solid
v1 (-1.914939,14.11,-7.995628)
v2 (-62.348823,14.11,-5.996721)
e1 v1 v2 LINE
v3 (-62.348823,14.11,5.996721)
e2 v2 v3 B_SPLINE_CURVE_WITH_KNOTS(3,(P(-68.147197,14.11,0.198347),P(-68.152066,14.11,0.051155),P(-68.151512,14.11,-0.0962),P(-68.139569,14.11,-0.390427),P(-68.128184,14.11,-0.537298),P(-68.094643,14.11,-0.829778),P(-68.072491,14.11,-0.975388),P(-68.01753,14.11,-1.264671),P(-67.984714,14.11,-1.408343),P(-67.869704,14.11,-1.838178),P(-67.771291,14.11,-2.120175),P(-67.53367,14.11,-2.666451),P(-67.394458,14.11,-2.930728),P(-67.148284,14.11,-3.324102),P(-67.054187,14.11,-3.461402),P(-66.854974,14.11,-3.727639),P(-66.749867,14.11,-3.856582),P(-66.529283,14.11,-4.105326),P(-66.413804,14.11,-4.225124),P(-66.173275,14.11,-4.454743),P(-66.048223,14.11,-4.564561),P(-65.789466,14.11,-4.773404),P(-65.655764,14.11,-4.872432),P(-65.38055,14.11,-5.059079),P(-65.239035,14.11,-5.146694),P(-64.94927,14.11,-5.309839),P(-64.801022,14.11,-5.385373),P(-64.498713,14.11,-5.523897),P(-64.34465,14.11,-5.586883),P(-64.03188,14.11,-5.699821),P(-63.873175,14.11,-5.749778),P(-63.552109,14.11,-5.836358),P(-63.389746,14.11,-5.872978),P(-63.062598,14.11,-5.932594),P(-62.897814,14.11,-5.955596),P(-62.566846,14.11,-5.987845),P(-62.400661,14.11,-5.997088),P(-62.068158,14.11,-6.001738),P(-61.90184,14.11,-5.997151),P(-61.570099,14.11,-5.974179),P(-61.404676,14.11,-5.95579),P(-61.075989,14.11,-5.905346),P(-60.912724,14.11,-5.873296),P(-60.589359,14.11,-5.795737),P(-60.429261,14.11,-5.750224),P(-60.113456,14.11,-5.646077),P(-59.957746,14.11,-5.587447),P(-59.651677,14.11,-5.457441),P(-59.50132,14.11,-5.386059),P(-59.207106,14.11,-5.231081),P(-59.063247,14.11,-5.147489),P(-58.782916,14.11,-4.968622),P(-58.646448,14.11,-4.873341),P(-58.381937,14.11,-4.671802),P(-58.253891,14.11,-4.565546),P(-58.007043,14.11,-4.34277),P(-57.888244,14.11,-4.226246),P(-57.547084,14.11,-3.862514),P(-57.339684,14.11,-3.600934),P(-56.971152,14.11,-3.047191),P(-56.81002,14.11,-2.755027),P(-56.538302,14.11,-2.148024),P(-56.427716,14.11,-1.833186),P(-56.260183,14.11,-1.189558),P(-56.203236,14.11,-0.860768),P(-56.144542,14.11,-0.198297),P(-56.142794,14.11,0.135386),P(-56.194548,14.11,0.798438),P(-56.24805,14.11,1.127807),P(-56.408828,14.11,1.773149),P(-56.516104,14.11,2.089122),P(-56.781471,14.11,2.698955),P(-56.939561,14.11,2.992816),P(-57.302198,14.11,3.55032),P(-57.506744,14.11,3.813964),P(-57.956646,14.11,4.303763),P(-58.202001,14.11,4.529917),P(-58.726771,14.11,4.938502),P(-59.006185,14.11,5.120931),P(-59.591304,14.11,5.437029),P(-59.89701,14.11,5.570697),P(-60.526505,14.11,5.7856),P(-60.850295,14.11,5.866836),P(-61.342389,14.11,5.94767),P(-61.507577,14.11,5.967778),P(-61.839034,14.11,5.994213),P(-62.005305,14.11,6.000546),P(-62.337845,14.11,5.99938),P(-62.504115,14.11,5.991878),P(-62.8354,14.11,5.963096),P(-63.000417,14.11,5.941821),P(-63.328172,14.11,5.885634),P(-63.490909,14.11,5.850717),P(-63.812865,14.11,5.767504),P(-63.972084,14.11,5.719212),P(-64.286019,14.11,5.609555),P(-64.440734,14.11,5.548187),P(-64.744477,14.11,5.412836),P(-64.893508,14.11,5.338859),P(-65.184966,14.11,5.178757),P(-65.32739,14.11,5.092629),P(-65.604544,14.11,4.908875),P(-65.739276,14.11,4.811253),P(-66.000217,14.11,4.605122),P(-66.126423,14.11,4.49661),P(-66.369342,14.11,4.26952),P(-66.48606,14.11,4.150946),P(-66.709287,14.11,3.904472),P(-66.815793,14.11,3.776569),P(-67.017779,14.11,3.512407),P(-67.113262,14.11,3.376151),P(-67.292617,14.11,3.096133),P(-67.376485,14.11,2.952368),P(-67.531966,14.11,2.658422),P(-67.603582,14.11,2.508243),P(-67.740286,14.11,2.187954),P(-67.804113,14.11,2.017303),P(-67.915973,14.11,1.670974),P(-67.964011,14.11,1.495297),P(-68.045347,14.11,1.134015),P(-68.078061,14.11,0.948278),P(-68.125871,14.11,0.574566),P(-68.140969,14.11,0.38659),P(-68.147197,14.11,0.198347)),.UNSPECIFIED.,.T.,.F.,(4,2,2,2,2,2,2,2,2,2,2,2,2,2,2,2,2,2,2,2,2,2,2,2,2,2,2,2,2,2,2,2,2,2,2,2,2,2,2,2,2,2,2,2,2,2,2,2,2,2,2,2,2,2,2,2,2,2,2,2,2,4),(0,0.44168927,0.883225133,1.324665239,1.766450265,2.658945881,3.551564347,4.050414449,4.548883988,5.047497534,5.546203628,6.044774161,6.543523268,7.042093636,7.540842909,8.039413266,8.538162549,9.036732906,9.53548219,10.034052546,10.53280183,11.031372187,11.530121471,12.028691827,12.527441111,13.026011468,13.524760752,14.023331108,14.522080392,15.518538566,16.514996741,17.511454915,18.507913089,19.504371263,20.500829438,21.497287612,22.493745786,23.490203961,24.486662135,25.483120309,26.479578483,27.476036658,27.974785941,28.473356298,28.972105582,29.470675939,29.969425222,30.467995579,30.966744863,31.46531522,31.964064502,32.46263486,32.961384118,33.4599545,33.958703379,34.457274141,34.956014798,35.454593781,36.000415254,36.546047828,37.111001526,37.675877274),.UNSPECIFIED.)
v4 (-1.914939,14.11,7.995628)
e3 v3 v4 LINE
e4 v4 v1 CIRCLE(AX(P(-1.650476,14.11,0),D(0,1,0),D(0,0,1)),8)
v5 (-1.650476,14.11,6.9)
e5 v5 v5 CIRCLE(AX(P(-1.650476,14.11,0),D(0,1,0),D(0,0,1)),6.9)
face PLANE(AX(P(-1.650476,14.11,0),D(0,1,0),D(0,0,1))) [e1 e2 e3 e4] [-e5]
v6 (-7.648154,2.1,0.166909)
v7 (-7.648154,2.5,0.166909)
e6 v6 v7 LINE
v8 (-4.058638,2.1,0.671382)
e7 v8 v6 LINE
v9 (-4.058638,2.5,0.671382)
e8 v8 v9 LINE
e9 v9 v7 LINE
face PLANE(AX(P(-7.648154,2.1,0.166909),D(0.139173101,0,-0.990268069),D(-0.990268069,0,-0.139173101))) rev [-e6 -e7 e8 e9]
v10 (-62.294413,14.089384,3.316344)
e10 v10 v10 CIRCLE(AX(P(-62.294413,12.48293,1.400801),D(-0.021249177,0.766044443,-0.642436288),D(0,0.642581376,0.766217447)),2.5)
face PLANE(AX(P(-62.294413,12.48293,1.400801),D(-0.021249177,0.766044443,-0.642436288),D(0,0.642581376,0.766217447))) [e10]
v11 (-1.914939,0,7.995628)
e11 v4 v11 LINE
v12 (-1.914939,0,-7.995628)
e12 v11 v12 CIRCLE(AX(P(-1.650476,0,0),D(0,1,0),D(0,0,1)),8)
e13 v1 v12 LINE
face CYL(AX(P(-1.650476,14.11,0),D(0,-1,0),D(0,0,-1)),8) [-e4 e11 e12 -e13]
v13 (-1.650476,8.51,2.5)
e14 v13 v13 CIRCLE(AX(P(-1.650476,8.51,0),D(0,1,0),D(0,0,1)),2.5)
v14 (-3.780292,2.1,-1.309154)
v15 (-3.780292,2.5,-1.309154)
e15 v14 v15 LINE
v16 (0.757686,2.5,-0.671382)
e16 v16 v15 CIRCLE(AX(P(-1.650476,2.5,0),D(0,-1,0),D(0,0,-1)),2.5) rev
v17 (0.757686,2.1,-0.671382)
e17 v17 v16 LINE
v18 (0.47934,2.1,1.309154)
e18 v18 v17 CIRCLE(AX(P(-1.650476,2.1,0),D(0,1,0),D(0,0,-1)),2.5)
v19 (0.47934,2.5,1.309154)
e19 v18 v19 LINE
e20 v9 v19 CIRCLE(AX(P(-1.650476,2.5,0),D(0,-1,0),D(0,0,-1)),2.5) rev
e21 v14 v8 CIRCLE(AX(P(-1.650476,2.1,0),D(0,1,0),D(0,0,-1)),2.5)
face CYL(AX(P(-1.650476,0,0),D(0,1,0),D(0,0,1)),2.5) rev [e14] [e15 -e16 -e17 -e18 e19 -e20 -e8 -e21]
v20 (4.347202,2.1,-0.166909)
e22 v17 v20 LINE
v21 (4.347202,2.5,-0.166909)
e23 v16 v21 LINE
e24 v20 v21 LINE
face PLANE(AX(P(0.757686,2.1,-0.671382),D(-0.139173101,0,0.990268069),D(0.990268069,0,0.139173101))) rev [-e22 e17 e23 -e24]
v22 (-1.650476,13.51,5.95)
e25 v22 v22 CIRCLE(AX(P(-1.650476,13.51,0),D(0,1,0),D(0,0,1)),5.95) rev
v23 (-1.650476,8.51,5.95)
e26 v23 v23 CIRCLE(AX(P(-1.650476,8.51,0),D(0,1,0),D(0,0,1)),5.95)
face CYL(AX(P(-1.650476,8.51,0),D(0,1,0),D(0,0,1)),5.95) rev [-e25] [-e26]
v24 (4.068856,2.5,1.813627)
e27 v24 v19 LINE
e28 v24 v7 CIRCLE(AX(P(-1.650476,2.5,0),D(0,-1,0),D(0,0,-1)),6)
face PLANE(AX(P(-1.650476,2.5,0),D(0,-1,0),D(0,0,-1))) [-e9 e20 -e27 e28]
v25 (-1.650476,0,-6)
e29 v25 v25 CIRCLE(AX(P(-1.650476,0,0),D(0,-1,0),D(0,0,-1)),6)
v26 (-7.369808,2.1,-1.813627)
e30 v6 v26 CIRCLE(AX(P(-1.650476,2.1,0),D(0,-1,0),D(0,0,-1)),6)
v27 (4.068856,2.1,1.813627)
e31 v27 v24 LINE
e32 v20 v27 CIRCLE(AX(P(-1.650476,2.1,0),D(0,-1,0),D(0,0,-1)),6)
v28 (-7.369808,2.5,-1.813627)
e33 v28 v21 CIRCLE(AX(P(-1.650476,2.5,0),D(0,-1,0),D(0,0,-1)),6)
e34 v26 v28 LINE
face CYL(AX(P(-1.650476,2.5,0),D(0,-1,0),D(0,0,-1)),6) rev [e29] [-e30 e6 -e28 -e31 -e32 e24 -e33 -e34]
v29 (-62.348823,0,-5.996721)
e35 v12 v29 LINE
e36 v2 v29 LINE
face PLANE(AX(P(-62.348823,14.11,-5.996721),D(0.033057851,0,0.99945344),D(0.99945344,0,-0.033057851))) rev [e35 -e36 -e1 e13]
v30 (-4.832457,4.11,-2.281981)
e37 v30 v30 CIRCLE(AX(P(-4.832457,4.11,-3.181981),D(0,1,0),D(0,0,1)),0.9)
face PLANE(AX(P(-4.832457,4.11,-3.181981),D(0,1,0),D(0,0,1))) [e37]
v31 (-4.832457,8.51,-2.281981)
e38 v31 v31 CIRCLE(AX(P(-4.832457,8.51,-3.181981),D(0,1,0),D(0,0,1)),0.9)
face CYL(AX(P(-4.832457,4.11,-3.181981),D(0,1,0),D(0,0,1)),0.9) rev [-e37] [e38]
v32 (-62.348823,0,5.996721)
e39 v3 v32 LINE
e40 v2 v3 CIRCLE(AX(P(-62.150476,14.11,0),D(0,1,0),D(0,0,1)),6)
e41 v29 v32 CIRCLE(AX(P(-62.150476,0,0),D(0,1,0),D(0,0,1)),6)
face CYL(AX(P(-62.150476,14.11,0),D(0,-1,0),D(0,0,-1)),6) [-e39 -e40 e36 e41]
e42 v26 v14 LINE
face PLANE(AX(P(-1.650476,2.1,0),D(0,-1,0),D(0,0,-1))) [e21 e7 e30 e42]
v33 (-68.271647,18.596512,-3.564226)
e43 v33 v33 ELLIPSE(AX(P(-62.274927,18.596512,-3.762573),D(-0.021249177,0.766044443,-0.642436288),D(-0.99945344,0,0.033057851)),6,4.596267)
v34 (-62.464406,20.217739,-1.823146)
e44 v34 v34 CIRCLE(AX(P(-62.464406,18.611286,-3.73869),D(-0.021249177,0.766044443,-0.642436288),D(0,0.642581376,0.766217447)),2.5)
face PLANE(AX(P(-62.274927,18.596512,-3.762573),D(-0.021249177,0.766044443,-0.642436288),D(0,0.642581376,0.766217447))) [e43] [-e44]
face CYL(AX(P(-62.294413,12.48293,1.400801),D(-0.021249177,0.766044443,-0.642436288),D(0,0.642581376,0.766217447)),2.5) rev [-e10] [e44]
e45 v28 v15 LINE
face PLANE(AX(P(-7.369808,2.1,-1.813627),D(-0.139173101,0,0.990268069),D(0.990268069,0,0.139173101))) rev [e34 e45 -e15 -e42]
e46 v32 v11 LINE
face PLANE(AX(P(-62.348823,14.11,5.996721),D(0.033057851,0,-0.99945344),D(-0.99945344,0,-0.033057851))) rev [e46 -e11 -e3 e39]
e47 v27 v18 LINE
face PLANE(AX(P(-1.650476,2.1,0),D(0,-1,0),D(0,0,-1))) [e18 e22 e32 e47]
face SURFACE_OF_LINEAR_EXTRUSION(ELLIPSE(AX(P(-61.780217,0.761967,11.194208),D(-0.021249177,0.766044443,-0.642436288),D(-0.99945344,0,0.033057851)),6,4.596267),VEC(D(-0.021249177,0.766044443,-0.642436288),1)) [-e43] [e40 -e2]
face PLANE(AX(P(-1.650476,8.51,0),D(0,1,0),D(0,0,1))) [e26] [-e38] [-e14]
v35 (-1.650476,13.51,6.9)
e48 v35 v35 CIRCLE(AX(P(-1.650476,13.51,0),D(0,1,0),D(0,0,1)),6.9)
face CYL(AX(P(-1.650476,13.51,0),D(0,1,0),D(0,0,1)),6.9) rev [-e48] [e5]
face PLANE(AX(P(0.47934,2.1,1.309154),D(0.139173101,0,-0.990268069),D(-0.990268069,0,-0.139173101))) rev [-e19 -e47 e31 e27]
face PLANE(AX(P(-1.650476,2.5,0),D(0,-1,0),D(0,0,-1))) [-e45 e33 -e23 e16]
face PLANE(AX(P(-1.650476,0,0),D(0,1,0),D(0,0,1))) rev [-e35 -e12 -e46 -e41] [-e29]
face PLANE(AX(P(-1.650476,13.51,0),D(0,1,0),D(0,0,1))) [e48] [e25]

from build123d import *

# Parameters (mm, degrees)
BOSS_EXTRUDE1_DEPTH = 14.11
SKETCH2_R           = 5.95
CUT_EXTRUDE1_DEPTH  = 5.6
SKETCH3_R           = 6.9
CUT_EXTRUDE2_DEPTH  = 0.6
SKETCH4_R           = 2.5
CUT_EXTRUDE3_DEPTH  = 70.144106761
SKETCH5_R           = 0.9
CUT_EXTRUDE4_DEPTH  = 4.4
SKETCH6_R           = 6
CUT_EXTRUDE6_DEPTH  = 2.5
BOSS_EXTRUDE5_DEPTH = 0.4
BOSS_EXTRUDE6_REACH = 73.866
SKETCH13_RX         = 6
SKETCH13_RY         = 4.596266659
SKETCH14_R          = 2.5
CUT_EXTRUDE8_DEPTH  = 8


with BuildPart() as part:
    # Sketch1 → Boss-Extrude1 (new body)
    with BuildSketch(Plane(origin=(0, 0, 0), x_dir=(1, 0, 0), z_dir=(0, 1, 0))):
        with BuildLine():
            Line((-62.34882326, 5.996720639), (-1.914938962, 7.995627519))
            ThreePointArc((-1.914938962, 7.995627519), (6.349523848, 0), (-1.914938962, -7.995627519))
            Line((-1.914938962, -7.995627519), (-62.34882326, -5.996720639))
            ThreePointArc((-62.34882326, -5.996720639), (-68.150476152, 0), (-62.34882326, 5.996720639))
        make_face()
    extrude(amount=BOSS_EXTRUDE1_DEPTH)

    # Sketch2 → Cut-Extrude1 (cut)
    with BuildSketch(Plane(origin=(0, 14.11, 0), x_dir=(1, 0, 0), z_dir=(0, 1, 0))):
        with Locations(Location((-1.650476152, 0, 0), (0, 0, 270))):
            Circle(SKETCH2_R)
    extrude(amount=-CUT_EXTRUDE1_DEPTH, mode=Mode.SUBTRACT)

    # Sketch3 → Cut-Extrude2 (cut)
    with BuildSketch(Plane(origin=(0, 14.11, 0), x_dir=(1, 0, 0), z_dir=(0, 1, 0))):
        with Locations(Location((-1.650476152, 0, 0), (0, 0, 270))):
            Circle(SKETCH3_R)
    extrude(amount=-CUT_EXTRUDE2_DEPTH, mode=Mode.SUBTRACT)

    # Sketch4 → Cut-Extrude3 (cut, through all)
    with BuildSketch(Plane(origin=(0, 8.51, 0), x_dir=(1, 0, 0), z_dir=(0, 1, 0))):
        with Locations(Location((-1.650476152, 0, 0), (0, 0, 270))):
            Circle(SKETCH4_R)
    extrude(amount=-CUT_EXTRUDE3_DEPTH, mode=Mode.SUBTRACT)

    # Sketch5 → Cut-Extrude4 (cut)
    with BuildSketch(Plane(origin=(0, 8.51, 0), x_dir=(1, 0, 0), z_dir=(0, 1, 0))):
        with Locations(Location((-4.832456668, 3.181980515, 0), (0, 0, 270))):
            Circle(SKETCH5_R)
    extrude(amount=-CUT_EXTRUDE4_DEPTH, mode=Mode.SUBTRACT)

    # Sketch6 → Cut-Extrude6 (cut)
    with BuildSketch(Plane.XZ):
        with Locations(Location((-1.650476152, 0, 0), (0, 0, 270))):
            Circle(SKETCH6_R)
    extrude(amount=-CUT_EXTRUDE6_DEPTH, mode=Mode.SUBTRACT)

    # Sketch10 → Boss-Extrude5 (add)
    with BuildSketch(Plane.XZ.offset(-2.5)):
        with BuildLine():
            Line((0.75768614, -0.671382434), (4.34720185, -0.1669089))
            ThreePointArc((4.34720185, -0.1669089), (4.29113226, 0.835038606), (4.068855648, 1.813627238))
            Line((4.068855648, 1.813627238), (0.479339938, 1.309153704))
            ThreePointArc((0.479339938, 1.309153704), (0.82519402, 0.347932752), (0.75768614, -0.671382434))
        make_face()
        with BuildLine():
            Line((-7.648154155, 0.1669089), (-4.058638445, 0.671382434))
            ThreePointArc((-4.058638445, 0.671382434), (-4.126146324, -0.347932752), (-3.780292243, -1.309153704))
            Line((-3.780292243, -1.309153704), (-7.369807953, -1.813627238))
            ThreePointArc((-7.369807953, -1.813627238), (-7.592084565, -0.835038606), (-7.648154155, 0.1669089))
        make_face()
    extrude(amount=BOSS_EXTRUDE5_DEPTH)

    # Boss-Extrude6: up to this plane
    boss_extrude6_end = Plane(origin=(-1.650476152, 14.11, 0), z_dir=(0, 1, 0))
    # Sketch13 → Boss-Extrude6 (add, up to the surface)
    with BuildSketch(Plane(origin=(-0.382193209, 13.778273936, -11.555025608), x_dir=(0.9997443283307086, 0.02124917717972034, -0.007729840862870826), z_dir=(-0.02124917717972034, 0.766044443118977, -0.6424362876081342)), mode=Mode.PRIVATE) as boss_extrude6_sk1:
        with Locations(Location((-61.834760146, -9.545189308), (0, 0, -178.105579493))):
            Ellipse(SKETCH13_RX, SKETCH13_RY)
    boss_extrude6_tool1 = split(extrude(boss_extrude6_sk1.sketch, amount=-BOSS_EXTRUDE6_REACH, mode=Mode.PRIVATE), bisect_by=boss_extrude6_end, keep=Keep.BOTH, mode=Mode.PRIVATE)
    add(boss_extrude6_tool1.solids().sort_by_distance((-62.274927, 18.596512, -3.762573))[0])

    # Sketch14 → Cut-Extrude8 (cut)
    with BuildSketch(Plane(origin=(-0.382193209, 13.778273936, -11.555025608), x_dir=(0.9997742107441985, 0.01628149028495012, -0.013654325502060603), z_dir=(-0.02124917717972034, 0.766044443118977, -0.6424362876081342))):
        with Locations(Location((-62.096233495, -9.094616235, 0), (0, 0, 270))):
            Circle(SKETCH14_R)
    extrude(amount=-CUT_EXTRUDE8_DEPTH, mode=Mode.SUBTRACT)


solid = part.part
